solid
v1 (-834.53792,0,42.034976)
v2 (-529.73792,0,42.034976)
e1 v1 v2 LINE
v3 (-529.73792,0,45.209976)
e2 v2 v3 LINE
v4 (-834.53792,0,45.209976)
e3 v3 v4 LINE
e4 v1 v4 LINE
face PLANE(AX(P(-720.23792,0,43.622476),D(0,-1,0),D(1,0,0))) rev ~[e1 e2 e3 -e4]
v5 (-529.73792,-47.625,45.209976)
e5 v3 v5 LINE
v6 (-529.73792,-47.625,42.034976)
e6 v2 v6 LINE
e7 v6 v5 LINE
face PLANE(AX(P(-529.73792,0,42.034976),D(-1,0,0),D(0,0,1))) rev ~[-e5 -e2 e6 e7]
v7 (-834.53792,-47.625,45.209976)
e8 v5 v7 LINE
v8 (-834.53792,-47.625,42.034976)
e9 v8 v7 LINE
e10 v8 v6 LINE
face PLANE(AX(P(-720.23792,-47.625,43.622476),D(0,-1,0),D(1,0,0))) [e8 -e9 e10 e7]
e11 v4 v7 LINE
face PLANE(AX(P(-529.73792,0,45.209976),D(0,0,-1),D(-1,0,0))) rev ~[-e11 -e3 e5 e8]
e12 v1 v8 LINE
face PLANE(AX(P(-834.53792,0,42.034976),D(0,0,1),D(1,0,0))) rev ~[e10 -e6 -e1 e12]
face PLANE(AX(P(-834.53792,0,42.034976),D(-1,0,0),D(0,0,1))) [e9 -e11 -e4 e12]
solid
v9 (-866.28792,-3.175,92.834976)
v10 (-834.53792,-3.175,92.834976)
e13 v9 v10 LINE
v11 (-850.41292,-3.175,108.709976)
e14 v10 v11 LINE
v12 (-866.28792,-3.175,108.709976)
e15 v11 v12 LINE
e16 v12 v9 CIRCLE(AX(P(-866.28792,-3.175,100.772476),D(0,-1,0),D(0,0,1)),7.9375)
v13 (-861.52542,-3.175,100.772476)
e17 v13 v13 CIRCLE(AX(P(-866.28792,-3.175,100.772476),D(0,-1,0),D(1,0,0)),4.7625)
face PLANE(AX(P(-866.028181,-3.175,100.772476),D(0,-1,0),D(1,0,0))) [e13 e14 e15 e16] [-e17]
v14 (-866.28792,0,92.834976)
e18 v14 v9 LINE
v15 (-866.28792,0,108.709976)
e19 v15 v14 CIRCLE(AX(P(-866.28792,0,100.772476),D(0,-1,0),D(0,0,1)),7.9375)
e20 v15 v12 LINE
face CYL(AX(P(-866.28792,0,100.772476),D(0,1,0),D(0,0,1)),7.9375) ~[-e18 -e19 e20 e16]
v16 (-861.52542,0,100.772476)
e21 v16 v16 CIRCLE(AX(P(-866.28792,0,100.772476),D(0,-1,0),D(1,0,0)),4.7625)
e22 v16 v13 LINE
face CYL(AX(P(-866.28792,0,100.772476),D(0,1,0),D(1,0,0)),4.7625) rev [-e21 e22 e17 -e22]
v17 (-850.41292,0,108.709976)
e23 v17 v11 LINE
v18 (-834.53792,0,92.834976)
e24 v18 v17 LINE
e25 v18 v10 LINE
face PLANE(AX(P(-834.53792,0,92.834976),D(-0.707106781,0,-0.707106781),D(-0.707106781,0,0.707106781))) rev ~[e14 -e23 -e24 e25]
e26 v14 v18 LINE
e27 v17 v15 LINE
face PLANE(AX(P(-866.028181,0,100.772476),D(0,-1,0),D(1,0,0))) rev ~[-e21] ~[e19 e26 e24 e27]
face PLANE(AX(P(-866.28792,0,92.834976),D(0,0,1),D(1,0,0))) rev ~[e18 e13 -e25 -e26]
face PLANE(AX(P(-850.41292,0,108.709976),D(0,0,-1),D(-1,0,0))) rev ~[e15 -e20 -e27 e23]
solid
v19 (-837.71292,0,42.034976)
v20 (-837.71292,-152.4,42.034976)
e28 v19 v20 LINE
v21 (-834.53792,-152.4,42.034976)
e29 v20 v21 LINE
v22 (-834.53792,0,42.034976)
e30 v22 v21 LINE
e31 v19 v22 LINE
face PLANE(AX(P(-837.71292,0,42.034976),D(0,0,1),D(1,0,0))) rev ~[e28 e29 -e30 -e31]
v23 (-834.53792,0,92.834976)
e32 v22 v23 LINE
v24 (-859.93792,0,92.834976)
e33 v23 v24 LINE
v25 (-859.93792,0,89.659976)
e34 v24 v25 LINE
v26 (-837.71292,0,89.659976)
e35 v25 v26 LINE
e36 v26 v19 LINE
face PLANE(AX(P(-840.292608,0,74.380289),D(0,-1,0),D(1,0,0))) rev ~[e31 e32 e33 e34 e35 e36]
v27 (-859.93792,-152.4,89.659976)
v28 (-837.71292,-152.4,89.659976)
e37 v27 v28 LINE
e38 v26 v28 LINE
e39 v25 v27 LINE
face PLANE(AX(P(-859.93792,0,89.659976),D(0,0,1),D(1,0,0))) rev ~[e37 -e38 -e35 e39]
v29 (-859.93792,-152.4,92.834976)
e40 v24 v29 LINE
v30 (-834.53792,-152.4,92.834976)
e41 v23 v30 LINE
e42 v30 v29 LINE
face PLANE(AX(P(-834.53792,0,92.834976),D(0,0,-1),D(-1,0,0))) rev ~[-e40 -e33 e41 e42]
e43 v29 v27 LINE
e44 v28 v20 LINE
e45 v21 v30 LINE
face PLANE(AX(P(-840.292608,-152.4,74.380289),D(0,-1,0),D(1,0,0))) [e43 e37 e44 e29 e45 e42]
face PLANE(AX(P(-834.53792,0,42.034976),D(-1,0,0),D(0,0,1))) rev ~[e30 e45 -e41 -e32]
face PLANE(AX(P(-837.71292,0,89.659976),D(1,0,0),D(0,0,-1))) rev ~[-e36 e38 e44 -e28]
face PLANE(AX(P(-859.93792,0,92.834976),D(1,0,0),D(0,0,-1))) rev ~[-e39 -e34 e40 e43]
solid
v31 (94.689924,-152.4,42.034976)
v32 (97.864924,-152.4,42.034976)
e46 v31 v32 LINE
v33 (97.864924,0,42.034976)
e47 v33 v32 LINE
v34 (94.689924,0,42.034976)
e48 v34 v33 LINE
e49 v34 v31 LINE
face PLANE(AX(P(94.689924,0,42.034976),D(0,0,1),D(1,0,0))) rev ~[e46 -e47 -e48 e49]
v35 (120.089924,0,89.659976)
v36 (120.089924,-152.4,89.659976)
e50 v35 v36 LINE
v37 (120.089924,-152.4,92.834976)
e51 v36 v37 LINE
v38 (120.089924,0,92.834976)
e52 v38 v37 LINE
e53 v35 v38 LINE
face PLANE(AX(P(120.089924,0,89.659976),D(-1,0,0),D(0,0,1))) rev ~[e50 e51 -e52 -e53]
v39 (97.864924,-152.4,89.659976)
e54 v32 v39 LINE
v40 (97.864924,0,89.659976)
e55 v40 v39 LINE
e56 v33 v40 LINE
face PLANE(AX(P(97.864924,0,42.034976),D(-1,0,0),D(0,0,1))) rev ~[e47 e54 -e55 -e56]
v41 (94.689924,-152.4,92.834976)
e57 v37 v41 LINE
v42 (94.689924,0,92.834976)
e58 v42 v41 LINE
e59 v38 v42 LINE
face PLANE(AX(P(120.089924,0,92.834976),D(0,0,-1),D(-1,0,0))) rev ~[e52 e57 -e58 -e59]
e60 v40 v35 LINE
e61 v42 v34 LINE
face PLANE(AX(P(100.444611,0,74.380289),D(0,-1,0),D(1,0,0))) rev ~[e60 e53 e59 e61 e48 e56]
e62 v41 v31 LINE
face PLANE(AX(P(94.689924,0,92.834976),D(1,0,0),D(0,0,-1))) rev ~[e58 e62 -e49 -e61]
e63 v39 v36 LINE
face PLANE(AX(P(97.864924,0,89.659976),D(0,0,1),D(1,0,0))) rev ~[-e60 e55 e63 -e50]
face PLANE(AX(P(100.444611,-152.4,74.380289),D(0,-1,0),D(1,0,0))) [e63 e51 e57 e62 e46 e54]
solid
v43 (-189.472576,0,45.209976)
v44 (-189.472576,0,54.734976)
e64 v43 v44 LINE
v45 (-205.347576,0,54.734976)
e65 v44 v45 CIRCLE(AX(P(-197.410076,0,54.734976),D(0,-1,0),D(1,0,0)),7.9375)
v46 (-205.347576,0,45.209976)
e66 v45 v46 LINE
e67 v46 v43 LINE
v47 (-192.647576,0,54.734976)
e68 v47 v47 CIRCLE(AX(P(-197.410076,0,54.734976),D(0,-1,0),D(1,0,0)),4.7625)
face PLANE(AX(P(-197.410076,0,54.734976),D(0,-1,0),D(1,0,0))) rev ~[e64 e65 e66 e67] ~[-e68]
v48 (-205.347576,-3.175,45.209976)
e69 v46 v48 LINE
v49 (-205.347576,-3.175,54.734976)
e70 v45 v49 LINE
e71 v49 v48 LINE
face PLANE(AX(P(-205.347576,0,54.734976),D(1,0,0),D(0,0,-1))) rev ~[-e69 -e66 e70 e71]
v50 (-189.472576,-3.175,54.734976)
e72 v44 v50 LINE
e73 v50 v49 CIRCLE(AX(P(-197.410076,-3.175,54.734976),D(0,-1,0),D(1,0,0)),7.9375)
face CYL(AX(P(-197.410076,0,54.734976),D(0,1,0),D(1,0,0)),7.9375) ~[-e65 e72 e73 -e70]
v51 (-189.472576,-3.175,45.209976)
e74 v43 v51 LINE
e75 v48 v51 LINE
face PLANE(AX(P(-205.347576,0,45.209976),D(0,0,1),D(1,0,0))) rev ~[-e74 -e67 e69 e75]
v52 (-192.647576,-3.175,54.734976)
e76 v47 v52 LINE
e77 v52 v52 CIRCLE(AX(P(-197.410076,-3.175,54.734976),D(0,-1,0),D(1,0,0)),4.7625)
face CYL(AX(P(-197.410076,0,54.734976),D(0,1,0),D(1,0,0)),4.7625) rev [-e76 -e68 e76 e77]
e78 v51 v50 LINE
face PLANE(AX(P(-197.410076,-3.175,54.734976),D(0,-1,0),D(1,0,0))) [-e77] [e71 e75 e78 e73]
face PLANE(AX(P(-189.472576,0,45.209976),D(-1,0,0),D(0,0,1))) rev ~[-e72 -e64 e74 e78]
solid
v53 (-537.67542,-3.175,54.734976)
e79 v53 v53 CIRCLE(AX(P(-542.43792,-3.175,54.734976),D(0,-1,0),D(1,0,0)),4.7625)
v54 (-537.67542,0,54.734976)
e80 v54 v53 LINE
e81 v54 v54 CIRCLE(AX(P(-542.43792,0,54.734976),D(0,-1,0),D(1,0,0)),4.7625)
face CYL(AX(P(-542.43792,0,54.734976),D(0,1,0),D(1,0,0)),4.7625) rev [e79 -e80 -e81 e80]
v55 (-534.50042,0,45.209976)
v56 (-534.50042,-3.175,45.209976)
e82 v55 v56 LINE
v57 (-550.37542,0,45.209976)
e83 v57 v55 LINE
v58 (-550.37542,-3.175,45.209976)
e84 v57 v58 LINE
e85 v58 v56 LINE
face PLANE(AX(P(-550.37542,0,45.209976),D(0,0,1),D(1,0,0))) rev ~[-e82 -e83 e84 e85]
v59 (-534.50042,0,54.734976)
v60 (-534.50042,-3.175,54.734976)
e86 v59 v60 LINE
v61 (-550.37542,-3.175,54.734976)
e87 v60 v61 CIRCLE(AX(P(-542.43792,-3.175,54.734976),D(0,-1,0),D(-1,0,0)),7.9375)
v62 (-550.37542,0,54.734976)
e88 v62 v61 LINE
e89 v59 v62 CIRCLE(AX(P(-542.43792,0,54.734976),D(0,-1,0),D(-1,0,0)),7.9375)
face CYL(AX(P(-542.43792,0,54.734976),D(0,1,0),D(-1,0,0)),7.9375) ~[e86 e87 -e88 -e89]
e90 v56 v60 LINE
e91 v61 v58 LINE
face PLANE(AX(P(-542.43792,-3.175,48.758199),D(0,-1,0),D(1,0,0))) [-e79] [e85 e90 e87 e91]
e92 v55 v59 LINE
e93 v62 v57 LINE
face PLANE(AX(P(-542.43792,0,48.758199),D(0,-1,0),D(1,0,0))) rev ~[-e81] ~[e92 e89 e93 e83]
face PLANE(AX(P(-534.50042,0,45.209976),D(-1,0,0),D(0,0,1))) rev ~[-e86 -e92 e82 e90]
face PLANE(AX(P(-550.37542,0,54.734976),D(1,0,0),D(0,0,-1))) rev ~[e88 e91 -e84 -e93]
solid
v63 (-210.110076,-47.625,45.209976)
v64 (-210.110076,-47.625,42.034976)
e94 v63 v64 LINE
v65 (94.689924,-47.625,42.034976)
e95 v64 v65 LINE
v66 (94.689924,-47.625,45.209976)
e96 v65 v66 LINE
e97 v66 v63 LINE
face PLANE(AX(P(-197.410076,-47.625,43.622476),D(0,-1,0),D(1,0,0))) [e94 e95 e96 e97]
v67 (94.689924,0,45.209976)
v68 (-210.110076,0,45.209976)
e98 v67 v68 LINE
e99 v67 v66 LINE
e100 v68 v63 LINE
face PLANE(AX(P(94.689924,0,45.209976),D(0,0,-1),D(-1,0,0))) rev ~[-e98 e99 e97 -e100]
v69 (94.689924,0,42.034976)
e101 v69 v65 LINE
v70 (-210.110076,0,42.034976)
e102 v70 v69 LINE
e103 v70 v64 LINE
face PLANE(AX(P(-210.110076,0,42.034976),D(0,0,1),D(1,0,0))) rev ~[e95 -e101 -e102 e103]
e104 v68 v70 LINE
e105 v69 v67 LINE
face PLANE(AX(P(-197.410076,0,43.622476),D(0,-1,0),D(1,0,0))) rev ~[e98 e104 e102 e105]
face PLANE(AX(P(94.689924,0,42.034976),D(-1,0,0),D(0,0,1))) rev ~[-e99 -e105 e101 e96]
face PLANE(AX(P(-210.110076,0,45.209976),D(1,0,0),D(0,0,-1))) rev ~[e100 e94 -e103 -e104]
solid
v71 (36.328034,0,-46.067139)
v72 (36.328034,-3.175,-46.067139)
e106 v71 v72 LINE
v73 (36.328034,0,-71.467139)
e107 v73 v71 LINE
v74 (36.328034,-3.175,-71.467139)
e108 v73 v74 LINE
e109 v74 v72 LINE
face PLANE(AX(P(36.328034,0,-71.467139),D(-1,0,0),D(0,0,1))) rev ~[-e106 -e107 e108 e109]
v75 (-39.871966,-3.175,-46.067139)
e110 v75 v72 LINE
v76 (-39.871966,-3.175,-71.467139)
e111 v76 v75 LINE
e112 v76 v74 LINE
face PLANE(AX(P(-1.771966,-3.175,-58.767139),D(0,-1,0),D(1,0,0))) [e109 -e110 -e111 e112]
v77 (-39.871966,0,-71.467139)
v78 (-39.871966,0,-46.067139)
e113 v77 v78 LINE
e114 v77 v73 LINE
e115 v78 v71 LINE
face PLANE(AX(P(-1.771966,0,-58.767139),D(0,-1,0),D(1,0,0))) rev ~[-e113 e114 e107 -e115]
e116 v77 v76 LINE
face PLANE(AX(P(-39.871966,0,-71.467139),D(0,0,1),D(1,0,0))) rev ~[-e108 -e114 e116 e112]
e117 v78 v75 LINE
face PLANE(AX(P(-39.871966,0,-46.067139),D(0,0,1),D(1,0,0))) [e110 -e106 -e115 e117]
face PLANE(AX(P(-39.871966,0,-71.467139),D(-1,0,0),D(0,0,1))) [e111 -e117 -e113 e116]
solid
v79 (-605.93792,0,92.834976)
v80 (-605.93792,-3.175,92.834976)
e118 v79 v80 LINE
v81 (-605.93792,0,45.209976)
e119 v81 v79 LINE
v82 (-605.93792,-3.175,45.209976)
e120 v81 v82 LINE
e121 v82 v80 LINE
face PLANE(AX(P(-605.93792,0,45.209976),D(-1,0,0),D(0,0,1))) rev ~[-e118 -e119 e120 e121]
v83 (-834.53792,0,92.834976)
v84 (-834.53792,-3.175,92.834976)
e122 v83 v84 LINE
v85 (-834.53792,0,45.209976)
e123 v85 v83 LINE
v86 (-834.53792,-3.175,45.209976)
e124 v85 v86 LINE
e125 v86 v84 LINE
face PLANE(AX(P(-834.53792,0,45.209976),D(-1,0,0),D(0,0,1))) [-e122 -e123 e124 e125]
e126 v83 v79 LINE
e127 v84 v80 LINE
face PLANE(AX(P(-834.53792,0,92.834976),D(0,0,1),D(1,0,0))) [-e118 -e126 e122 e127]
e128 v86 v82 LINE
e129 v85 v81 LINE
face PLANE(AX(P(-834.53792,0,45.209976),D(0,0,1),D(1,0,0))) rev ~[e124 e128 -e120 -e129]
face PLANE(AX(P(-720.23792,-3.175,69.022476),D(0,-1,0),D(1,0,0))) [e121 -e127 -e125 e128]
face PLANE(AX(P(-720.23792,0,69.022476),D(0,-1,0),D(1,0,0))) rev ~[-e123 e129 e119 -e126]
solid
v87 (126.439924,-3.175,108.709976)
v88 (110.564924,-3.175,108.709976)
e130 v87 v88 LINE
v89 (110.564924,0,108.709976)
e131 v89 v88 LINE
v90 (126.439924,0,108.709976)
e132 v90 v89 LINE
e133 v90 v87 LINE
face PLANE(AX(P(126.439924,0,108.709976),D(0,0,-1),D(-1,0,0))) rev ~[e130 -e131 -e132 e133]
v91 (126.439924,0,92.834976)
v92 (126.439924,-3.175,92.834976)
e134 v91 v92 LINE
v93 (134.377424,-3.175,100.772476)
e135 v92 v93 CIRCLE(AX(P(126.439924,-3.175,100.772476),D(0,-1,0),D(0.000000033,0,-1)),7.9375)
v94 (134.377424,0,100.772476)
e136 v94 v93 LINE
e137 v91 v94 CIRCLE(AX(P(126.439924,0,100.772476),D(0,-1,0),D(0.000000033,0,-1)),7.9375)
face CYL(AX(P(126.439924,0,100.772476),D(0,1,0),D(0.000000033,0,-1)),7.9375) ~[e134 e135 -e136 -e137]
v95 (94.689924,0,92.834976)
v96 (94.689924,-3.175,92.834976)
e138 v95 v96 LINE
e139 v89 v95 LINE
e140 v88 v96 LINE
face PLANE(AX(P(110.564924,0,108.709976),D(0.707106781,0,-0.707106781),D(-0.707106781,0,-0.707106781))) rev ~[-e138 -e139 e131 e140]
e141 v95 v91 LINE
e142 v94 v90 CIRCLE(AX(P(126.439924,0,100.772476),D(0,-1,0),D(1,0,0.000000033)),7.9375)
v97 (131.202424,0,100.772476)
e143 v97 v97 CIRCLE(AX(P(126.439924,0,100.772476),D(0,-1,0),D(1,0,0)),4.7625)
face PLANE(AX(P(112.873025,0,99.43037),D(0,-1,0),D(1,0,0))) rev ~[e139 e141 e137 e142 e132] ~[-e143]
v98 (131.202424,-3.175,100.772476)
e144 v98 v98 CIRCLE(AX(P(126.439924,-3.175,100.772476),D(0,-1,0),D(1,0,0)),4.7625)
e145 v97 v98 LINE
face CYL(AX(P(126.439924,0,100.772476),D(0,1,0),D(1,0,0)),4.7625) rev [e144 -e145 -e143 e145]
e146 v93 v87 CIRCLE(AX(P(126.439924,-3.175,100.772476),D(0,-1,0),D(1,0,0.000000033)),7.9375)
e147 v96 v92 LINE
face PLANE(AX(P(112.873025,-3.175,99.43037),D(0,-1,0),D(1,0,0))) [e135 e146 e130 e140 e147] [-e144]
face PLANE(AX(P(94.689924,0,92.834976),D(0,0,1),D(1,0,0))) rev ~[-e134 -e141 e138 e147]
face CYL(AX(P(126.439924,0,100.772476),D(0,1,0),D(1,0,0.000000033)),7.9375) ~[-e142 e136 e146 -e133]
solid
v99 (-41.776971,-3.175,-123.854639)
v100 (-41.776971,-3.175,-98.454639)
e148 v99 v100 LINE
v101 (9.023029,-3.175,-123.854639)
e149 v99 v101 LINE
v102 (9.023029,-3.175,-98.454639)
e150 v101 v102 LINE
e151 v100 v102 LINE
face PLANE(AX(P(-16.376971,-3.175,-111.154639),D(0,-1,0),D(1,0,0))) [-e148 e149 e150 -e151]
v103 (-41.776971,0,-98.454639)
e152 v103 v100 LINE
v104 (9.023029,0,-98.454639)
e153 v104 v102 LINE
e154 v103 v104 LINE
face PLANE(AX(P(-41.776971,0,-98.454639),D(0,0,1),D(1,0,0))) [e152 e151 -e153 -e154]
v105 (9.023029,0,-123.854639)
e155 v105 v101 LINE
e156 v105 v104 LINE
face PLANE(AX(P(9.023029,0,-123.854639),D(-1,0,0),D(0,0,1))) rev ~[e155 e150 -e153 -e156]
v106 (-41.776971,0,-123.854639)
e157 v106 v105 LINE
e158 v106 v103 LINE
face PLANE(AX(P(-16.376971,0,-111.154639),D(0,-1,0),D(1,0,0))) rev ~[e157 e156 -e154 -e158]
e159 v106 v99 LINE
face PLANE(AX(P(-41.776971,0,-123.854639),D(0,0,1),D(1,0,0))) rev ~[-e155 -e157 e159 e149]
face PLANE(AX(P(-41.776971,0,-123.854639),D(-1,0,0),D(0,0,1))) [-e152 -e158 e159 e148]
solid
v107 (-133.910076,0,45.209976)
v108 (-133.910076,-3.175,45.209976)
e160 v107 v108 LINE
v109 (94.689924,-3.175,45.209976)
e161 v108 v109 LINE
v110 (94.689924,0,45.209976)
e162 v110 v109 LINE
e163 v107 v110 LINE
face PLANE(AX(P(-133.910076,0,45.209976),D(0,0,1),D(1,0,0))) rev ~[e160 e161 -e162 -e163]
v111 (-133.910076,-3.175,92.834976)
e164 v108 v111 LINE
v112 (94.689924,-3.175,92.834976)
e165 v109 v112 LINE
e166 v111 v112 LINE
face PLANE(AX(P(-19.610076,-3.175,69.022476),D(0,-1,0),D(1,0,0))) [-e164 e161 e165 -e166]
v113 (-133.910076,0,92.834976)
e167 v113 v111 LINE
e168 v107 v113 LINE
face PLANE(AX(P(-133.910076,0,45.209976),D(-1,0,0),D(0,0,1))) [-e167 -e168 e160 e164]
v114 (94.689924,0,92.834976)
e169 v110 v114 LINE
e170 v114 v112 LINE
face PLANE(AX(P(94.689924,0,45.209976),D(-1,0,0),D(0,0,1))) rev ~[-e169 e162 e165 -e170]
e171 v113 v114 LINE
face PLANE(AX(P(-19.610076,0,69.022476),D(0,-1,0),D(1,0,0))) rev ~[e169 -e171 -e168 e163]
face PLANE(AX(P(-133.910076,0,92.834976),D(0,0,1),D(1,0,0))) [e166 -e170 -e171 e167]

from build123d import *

# Parameters (mm, degrees)
F1_DEPTH = 152.4
F0_R     = 4.7625
F2_DEPTH = 3.175
F0_W     = 228.6
F0_H     = 3.175
F0_W_2   = 25.4
F3_DEPTH = 47.625
F0_H_2   = 47.625
F4_DEPTH = 3.175
F5_W     = 76.2
F5_H     = 25.4
F5_W_2   = 50.8
F6_DEPTH = 3.175


with BuildPart() as f1:
    # F0 (on Front) → F1 (new body)
    with BuildSketch(Plane.XZ):
        Polygon((-834.53792, 42.034976), (-834.53792, 45.209976), (-834.53792, 92.834976), (-859.93792, 92.834976), (-859.93792, 89.659976), (-837.71292, 89.659976), (-837.71292, 42.034976), align=None)
        Polygon((120.089924, 89.659976), (120.089924, 92.834976), (94.689924, 92.834976), (94.689924, 45.209976), (94.689924, 42.034976), (97.864924, 42.034976), (97.864924, 89.659976), align=None)
    extrude(amount=F1_DEPTH)


with BuildPart() as f2:
    # F0 (on Front) → F2 (new body)
    with BuildSketch(Plane.XZ):
        with BuildLine():
            ThreePointArc((-858.35042, 100.772476), (-860.67526, 106.385136), (-866.28792, 108.709976))
            ThreePointArc((-866.28792, 108.709976), (-874.22542, 100.772476), (-866.28792, 92.834976))
            ThreePointArc((-866.28792, 92.834976), (-860.67526, 95.159816), (-858.35042, 100.772476))
        make_face()
        with Locations((-866.28792, 100.772476)):
            Circle(F0_R, mode=Mode.SUBTRACT)
        with BuildLine():
            Line((-859.93792, 92.834976), (-834.53792, 92.834976))
            Line((-834.53792, 92.834976), (-850.41292, 108.709976))
            Line((-850.41292, 108.709976), (-866.28792, 108.709976))
            ThreePointArc((-866.28792, 108.709976), (-860.67526, 106.385136), (-858.35042, 100.772476))
            ThreePointArc((-858.35042, 100.772476), (-860.67526, 95.159816), (-866.28792, 92.834976))
            Line((-866.28792, 92.834976), (-859.93792, 92.834976))
        make_face()
        with BuildLine():
            Line((94.689924, 92.834976), (120.089924, 92.834976))
            Line((120.089924, 92.834976), (126.439924, 92.834976))
            ThreePointArc((126.439924, 92.834976), (118.502424, 100.772476), (126.439924, 108.709976))
            Line((126.439924, 108.709976), (110.564924, 108.709976))
            Line((110.564924, 108.709976), (94.689924, 92.834976))
        make_face()
        with BuildLine():
            ThreePointArc((126.439924, 108.709976), (118.502424, 100.772476), (126.439924, 92.834976))
            ThreePointArc((126.439924, 92.834976), (132.052584, 95.159816), (134.377424, 100.772476))
            ThreePointArc((134.377424, 100.772476), (132.052584, 106.385136), (126.439924, 108.709976))
        make_face()
        with Locations((126.439924, 100.772476)):
            Circle(F0_R, mode=Mode.SUBTRACT)
        with BuildLine():
            ThreePointArc((-534.50042, 54.734976), (-542.43792, 46.797476), (-550.37542, 54.734976))
            Line((-550.37542, 54.734976), (-550.37542, 45.209976))
            Line((-550.37542, 45.209976), (-534.50042, 45.209976))
            Line((-534.50042, 45.209976), (-534.50042, 54.734976))
        make_face()
        with BuildLine():
            ThreePointArc((-534.50042, 54.734976), (-542.43792, 62.672476), (-550.37542, 54.734976))
            ThreePointArc((-550.37542, 54.734976), (-542.43792, 46.797476), (-534.50042, 54.734976))
        make_face()
        with Locations((-542.43792, 54.734976)):
            Circle(F0_R, mode=Mode.SUBTRACT)
        with BuildLine():
            ThreePointArc((-205.347576, 54.734976), (-197.410076, 46.797476), (-189.472576, 54.734976))
            ThreePointArc((-189.472576, 54.734976), (-197.410076, 62.672476), (-205.347576, 54.734976))
        make_face()
        with Locations((-197.410076, 54.734976)):
            Circle(F0_R, mode=Mode.SUBTRACT)
        with BuildLine():
            Line((-205.347576, 45.209976), (-189.472576, 45.209976))
            Line((-189.472576, 45.209976), (-189.472576, 54.734976))
            ThreePointArc((-189.472576, 54.734976), (-197.410076, 46.797476), (-205.347576, 54.734976))
            Line((-205.347576, 54.734976), (-205.347576, 45.209976))
        make_face()
    extrude(amount=F2_DEPTH)


with BuildPart() as f3:
    # F0 (on Front) → F3 (new body)
    with BuildSketch(Plane.XZ):
        with Locations((-720.23792, 43.622476)):
            Rectangle(F0_W, F0_H)
        with Locations((-593.23792, 43.622476)):
            Rectangle(F0_W_2, F0_H)
        with Locations((-567.83792, 43.622476)):
            Rectangle(F0_W_2, F0_H)
        Polygon((-534.50042, 45.209976), (-550.37542, 45.209976), (-555.13792, 45.209976), (-555.13792, 42.034976), (-529.73792, 42.034976), (-529.73792, 45.209976), align=None)
        Polygon((-184.710076, 42.034976), (-184.710076, 45.209976), (-189.472576, 45.209976), (-205.347576, 45.209976), (-210.110076, 45.209976), (-210.110076, 42.034976), align=None)
        with Locations((-172.010076, 43.622476)):
            Rectangle(F0_W_2, F0_H)
        with Locations((-146.610076, 43.622476)):
            Rectangle(F0_W_2, F0_H)
        with Locations((-19.610076, 43.622476)):
            Rectangle(F0_W, F0_H)
    extrude(amount=F3_DEPTH)


with BuildPart() as f4:
    # F0 (on Front) → F4 (new body)
    with BuildSketch(Plane.XZ):
        with Locations((-720.23792, 69.022476)):
            Rectangle(F0_W, F0_H_2)
        with Locations((-19.610076, 69.022476)):
            Rectangle(F0_W, F0_H_2)
    extrude(amount=F4_DEPTH)


with BuildPart() as f6:
    # F5 (on Front) → F6 (new body)
    with BuildSketch(Plane.XZ):
        with Locations((-1.771966, -58.767139)):
            Rectangle(F5_W, F5_H)
        with Locations((-16.376971, -111.154639)):
            Rectangle(F5_W_2, F5_H)
    extrude(amount=F6_DEPTH)


solid = Compound([f1.part, f2.part, f3.part, f4.part, f6.part])
